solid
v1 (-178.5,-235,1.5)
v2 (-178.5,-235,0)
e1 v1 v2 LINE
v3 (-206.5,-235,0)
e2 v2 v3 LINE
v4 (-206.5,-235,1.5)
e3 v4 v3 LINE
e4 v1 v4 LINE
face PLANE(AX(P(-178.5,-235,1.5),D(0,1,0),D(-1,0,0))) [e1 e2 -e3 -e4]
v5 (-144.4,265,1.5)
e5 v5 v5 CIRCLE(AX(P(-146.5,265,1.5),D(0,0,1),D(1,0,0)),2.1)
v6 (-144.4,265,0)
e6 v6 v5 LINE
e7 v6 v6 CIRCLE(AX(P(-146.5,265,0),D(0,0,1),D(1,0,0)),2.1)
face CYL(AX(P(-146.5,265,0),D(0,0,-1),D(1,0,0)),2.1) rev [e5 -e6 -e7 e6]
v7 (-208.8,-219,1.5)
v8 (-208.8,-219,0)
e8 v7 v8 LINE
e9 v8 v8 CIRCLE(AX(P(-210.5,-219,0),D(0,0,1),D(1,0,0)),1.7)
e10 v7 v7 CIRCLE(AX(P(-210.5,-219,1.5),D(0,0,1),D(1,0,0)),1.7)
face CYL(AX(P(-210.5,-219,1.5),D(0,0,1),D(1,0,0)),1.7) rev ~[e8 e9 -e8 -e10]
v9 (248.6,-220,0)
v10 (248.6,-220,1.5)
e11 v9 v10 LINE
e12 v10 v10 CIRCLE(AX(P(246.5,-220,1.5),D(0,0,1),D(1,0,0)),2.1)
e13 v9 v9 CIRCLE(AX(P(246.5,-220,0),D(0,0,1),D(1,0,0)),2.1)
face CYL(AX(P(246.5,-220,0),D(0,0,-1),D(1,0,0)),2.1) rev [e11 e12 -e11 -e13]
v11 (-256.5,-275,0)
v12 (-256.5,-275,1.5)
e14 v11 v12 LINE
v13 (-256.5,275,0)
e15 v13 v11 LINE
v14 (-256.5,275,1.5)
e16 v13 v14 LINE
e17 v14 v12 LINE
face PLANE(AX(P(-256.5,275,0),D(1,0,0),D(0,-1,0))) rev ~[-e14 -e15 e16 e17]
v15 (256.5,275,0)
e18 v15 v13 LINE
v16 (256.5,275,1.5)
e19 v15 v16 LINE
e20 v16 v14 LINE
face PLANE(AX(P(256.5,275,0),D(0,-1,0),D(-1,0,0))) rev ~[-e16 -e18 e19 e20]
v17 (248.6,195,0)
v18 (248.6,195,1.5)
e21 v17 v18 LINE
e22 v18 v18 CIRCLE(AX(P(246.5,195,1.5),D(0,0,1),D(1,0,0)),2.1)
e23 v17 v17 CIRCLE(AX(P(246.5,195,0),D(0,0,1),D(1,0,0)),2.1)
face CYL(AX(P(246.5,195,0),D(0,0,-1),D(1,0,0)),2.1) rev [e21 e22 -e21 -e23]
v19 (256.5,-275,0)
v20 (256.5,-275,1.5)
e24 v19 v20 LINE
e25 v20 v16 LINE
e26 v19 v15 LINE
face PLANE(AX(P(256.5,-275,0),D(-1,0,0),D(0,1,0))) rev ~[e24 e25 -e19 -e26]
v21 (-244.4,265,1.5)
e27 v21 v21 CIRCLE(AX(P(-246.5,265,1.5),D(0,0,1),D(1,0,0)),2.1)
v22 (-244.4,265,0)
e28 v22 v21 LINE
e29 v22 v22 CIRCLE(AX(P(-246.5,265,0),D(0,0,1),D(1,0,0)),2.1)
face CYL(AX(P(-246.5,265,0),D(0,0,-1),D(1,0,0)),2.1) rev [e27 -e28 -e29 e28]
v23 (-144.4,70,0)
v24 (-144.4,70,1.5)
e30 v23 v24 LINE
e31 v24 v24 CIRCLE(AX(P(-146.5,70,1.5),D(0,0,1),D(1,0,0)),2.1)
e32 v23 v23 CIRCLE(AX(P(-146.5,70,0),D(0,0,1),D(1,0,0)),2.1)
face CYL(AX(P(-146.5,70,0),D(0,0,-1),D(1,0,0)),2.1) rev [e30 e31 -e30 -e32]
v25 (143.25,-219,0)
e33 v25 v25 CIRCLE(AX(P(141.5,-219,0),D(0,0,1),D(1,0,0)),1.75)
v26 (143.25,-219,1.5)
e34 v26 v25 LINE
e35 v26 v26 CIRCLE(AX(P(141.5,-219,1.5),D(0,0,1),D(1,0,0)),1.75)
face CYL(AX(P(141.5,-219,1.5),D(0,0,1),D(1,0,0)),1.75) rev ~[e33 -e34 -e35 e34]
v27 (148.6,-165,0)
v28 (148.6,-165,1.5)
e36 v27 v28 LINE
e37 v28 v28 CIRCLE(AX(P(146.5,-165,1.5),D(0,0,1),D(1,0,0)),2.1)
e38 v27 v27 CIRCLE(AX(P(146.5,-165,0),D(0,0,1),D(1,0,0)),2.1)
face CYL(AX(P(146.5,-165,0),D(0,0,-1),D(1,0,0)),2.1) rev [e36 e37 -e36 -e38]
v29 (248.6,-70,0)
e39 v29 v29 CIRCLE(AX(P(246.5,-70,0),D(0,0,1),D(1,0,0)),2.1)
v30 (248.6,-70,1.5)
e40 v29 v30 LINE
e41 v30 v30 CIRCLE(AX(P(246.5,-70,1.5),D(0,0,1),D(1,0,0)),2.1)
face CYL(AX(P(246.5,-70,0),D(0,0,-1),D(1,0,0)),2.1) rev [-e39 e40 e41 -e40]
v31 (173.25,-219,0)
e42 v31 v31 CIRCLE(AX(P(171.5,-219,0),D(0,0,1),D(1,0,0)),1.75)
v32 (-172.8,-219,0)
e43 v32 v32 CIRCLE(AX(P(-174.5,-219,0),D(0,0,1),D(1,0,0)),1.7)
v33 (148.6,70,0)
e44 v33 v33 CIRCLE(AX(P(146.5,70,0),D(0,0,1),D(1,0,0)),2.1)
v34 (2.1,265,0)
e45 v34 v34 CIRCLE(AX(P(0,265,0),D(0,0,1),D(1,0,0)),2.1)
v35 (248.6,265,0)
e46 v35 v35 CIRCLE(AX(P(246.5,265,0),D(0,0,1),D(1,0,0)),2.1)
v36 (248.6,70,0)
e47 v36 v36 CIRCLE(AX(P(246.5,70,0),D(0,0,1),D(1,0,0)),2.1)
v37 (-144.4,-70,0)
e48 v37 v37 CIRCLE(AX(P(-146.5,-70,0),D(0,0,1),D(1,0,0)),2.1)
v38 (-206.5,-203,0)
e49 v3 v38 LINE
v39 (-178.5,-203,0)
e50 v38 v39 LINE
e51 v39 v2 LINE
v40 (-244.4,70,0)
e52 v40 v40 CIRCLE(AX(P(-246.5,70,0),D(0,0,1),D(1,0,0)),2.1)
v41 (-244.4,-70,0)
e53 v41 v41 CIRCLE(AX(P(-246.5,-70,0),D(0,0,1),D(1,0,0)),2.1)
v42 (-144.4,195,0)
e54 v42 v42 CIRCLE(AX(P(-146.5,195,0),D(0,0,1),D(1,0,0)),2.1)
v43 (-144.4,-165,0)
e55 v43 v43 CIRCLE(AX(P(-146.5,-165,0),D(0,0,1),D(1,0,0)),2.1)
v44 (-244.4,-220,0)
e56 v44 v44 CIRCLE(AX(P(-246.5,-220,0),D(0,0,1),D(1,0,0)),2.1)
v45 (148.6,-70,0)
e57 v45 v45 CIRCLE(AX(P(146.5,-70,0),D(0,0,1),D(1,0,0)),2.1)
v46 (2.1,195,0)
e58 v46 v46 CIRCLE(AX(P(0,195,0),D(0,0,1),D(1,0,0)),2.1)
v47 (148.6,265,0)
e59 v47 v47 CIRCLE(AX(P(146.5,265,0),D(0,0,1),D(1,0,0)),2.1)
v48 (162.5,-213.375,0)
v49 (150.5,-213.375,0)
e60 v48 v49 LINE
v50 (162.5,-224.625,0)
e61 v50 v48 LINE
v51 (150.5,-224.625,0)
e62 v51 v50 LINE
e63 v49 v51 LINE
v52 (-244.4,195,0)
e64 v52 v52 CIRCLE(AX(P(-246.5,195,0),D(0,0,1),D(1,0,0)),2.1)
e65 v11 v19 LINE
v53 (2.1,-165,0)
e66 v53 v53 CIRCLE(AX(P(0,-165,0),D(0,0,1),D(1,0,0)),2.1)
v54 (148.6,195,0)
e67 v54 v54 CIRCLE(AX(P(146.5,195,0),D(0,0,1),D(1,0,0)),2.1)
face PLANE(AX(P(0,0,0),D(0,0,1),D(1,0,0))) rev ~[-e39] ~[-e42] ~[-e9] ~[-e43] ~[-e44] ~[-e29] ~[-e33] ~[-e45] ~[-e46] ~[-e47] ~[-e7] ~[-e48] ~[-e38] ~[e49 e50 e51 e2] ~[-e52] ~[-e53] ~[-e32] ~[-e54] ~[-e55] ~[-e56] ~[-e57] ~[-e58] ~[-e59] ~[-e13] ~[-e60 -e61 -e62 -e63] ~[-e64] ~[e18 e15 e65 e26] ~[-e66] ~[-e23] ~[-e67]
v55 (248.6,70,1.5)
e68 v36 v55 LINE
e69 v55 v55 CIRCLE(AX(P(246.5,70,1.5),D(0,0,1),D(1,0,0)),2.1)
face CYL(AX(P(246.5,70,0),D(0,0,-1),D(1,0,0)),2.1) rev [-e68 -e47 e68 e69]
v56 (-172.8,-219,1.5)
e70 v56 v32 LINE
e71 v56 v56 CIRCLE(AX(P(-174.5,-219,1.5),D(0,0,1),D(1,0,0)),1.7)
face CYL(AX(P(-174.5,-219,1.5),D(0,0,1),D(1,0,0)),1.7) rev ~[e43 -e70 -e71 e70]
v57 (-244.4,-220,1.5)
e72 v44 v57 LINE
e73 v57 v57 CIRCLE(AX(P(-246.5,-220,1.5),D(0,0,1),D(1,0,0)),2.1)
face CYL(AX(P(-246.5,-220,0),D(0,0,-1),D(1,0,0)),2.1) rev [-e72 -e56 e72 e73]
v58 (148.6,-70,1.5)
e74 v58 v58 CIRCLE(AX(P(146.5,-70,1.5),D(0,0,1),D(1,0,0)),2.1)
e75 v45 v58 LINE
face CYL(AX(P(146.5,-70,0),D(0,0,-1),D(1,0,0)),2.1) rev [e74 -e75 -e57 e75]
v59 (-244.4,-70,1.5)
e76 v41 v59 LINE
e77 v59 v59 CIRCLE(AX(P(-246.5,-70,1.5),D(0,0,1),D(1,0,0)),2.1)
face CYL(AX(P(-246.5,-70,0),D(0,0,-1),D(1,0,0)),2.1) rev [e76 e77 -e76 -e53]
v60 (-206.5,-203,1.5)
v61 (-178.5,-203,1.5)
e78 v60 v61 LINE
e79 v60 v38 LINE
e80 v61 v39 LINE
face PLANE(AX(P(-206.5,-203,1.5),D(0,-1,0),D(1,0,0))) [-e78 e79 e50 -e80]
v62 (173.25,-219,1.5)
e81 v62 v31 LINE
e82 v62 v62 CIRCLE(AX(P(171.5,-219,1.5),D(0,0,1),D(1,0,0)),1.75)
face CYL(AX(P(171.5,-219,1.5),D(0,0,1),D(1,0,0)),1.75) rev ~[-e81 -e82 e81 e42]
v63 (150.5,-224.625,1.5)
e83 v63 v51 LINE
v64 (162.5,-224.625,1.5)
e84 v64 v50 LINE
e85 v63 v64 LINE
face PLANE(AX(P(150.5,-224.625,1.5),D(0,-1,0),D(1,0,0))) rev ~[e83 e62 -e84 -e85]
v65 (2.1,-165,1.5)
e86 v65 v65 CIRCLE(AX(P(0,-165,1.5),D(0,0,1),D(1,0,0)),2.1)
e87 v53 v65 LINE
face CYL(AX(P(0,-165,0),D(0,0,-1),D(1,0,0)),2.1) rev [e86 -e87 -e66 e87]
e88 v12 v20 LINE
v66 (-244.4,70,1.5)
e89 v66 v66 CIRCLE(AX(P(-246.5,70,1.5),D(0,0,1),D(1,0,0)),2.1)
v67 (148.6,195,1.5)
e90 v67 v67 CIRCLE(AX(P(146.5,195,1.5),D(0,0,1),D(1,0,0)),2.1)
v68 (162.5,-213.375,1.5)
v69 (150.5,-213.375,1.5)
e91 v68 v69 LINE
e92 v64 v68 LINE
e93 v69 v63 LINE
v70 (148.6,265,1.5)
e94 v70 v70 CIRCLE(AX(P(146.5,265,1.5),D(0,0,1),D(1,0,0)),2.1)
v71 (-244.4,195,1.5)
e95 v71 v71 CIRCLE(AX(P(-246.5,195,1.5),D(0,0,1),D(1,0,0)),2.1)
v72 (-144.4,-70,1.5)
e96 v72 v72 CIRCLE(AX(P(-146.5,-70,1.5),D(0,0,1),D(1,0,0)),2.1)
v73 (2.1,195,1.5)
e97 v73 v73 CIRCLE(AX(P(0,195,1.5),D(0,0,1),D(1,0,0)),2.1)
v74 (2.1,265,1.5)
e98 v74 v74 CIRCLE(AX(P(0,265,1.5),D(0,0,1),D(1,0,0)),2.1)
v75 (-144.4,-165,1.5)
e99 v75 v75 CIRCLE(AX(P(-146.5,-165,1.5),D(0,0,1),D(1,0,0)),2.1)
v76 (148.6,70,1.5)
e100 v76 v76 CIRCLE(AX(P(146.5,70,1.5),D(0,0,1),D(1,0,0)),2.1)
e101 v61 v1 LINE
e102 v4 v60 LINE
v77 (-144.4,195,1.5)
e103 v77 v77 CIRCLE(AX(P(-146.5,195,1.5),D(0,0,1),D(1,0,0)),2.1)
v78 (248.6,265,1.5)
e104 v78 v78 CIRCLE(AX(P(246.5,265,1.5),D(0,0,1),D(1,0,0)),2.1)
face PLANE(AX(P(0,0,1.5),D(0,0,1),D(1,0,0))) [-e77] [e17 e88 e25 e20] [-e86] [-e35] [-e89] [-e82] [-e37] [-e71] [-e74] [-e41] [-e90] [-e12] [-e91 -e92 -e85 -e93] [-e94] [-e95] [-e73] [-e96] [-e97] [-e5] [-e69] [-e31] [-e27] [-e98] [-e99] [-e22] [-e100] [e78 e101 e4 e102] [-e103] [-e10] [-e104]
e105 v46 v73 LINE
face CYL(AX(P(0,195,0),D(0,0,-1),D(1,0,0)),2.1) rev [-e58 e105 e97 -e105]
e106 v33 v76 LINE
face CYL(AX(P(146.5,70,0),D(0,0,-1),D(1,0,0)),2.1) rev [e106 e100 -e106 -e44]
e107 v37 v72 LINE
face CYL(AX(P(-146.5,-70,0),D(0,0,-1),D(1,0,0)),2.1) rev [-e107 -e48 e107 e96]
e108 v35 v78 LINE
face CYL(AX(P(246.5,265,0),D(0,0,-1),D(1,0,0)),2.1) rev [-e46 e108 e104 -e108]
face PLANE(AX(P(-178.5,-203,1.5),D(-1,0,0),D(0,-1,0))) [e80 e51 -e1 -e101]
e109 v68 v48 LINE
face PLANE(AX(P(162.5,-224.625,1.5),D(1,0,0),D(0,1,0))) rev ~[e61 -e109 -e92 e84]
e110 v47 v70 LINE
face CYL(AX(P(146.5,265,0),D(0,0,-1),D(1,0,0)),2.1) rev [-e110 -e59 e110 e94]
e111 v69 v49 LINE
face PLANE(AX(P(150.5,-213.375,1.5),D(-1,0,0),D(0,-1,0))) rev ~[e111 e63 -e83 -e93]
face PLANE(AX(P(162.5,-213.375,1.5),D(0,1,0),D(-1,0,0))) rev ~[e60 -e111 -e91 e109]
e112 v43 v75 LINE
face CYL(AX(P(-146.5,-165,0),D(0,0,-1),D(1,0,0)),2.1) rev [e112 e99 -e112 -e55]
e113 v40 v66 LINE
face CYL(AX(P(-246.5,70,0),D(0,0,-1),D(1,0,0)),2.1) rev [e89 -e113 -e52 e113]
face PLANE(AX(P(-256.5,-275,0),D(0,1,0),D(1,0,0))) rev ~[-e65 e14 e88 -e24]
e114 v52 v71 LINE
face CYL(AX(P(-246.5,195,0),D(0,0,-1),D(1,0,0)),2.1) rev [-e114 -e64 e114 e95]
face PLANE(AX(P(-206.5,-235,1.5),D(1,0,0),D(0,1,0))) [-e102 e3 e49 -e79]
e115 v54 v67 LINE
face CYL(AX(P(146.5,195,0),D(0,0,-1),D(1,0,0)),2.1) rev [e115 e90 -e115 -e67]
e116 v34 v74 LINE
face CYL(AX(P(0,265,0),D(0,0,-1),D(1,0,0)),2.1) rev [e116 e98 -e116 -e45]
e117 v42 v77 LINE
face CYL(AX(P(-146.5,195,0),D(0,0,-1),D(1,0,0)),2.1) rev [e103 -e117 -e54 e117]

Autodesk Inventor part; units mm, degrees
ref_plane "YZ Plane" through (0, 0, 0) normal (1, 0, 0) x (0, 1, 0)
ref_plane "XZ Plane" through (0, 0, 0) normal (0, 1, 0) x (-1, 0, 0)
ref_plane "XY Plane" through (0, 0, 0) normal (0, 0, 1) x (1, 0, 0)
sketch "Sketch1" plane through (0, 0, 0) normal (0, 0, 1) x (1, 0, 0)
  line L0 (-256.5, -275) -> (256.5, -275)
  line L1 (256.5, -275) -> (256.5, 275)
  line L2 (256.5, 275) -> (-256.5, 275)
  line L3 (-256.5, 275) -> (-256.5, -275)
  line L4 (-256.5, -275) -> (256.5, 275) construction
  line L5 (256.5, -275) -> (-256.5, 275) construction
  line L6 (-256.5, 265) -> (256.5, 265) construction
  line L7 (-246.5, 275) -> (-246.5, -275) construction
  line L8 (246.5, 275) -> (246.5, -275) construction
  line L9 (-256.5, -165) -> (256.5, -165) construction
  line L10 (-256.5, 195) -> (256.5, 195) construction
  circle A0 centre (-246.5, 265) radius 2.1
  circle A1 centre (-146.5, 265) radius 2.1
  circle A2 centre (146.5, 265) radius 2.1
  circle A3 centre (246.5, 265) radius 2.1
  circle A4 centre (146.5, 195) radius 2.1
  circle A5 centre (246.5, 195) radius 2.1
  circle A6 centre (-246.5, 195) radius 2.1
  circle A7 centre (-146.5, 195) radius 2.1
  line L11 (-146.5, 275) -> (-146.5, -275) construction
  line L12 (0, 0) -> (0, -275) construction
  line L13 (146.5, 275) -> (146.5, -275) construction
  circle A8 centre (-246.5, 70) radius 2.1
  circle A9 centre (146.5, -165) radius 2.1
  circle A10 centre (-146.5, -165) radius 2.1
  circle A11 centre (-246.5, -70) radius 2.1
  circle A12 centre (-246.5, -220) radius 2.1
  circle A13 centre (246.5, -220) radius 2.1
  circle A14 centre (246.5, -70) radius 2.1
  circle A15 centre (246.5, 70) radius 2.1
  line L14 (-246.5, 70) -> (246.5, 70) construction
  line L15 (-246.5, -70) -> (246.5, -70) construction
  line L16 (-246.5, 0) -> (246.5, 0) construction
  line L17 (-246.5, -220) -> (246.5, -220) construction
  line L18 (0, 275) -> (0, 0) construction
  circle A16 centre (0, 265) radius 2.1
  circle A17 centre (0, 195) radius 2.1
  circle A18 centre (0, -165) radius 2.1
  circle A19 centre (-146.5, 70) radius 2.1
  circle A20 centre (146.5, 70) radius 2.1
  circle A21 centre (146.5, -70) radius 2.1
  circle A22 centre (-146.5, -70) radius 2.1
  dimension "d0" = 513
  dimension "d1" = 550
  dimension "d2" = 10
  dimension "d3" = 10
  dimension "d4" = 10
  dimension "d5" = 110
  dimension "d6" = 80
  dimension "d7" = 110
  dimension "d8" = 110
  dimension "d9" = 70
  dimension "d10" = 55
  dimension "d11" = 4.2
extrude "Plate5" add sketch "Sketch1" along normal blind 1.5
sketch "Sketch2" plane through (0, 0, 1.5) normal (0, 0, 1) x (1, 0, 0)
  line L0 (-206.5, -203) -> (-178.5, -203)
  line L1 (-178.5, -203) -> (-178.5, -235)
  line L2 (-178.5, -235) -> (-206.5, -235)
  line L3 (-206.5, -235) -> (-206.5, -203)
  line L4 (-210.5, -219) -> (-174.5, -219) construction
  line L5 (-192.5, -203) -> (-192.5, -235) construction
  circle A0 centre (-210.5, -219) radius 1.7
  circle A1 centre (-174.5, -219) radius 1.7
  line L6 (-256.5, -275) -> (-256.5, 275) projected
  line L7 (256.5, -275) -> (-256.5, -275) projected
  point P0 (0, 0)
  point P1 (-178.5, -219)
  dimension "d22" = 32
  dimension "d23" = 28
  dimension "d24" = 36
  dimension "d25" = 3.4
  dimension "d26" = 50
  dimension "d30" = 56
extrude "Cut1" cut sketch "Sketch2" against normal blind 1.5
sketch "Sketch3" plane through (0, 0, 1.5) normal (0, 0, 1) x (1, 0, 0)
  line L0 (141.5, -219) -> (171.5, -219) construction
  line L1 (256.5, -275) -> (-256.5, -275) projected
  line L2 (150.5, -224.625) -> (162.5, -224.625)
  line L3 (162.5, -224.625) -> (162.5, -213.375)
  line L4 (162.5, -213.375) -> (150.5, -213.375)
  line L5 (150.5, -213.375) -> (150.5, -224.625)
  line L6 (150.5, -224.625) -> (162.5, -213.375) construction
  line L7 (162.5, -224.625) -> (150.5, -213.375) construction
  circle A0 centre (141.5, -219) radius 1.75
  circle A1 centre (171.5, -219) radius 1.75
  line L8 (256.5, 275) -> (256.5, -275) projected
  point P0 (0, 0)
  point P1 (156.5, -219)
  dimension "d31" = 56
  dimension "d32" = 30
  dimension "d33" = 11.25
  dimension "d34" = 12
  dimension "d35" = 3.5
  dimension "d36" = 100
extrude "Cut2" cut sketch "Sketch3" against normal blind 1.5
equation "\"d28\" = Thickness"
equation "\"d37\" = Thickness"
equation "\"d21\" = Thickness"
equation "\"CornerReliefSize\" = 4 * Thickness"
equation "\"TransitionRadius\" = BendRadius"
equation "\"JacobiRadiusSize\" = BendRadius"
equation "\"d12\" = BendRadius"
equation "\"d13\" = BendRadius"
equation "\"d16\" = BendRadius"
equation "\"d19\" = BendRadius"
equation "\"d20\" = BendRadius"
equation "\"Thickness\" = 1.5"
equation "\"BendRadius\" = 0.8"
properties part number "Back Cladding" material "Aluminium 1050"
